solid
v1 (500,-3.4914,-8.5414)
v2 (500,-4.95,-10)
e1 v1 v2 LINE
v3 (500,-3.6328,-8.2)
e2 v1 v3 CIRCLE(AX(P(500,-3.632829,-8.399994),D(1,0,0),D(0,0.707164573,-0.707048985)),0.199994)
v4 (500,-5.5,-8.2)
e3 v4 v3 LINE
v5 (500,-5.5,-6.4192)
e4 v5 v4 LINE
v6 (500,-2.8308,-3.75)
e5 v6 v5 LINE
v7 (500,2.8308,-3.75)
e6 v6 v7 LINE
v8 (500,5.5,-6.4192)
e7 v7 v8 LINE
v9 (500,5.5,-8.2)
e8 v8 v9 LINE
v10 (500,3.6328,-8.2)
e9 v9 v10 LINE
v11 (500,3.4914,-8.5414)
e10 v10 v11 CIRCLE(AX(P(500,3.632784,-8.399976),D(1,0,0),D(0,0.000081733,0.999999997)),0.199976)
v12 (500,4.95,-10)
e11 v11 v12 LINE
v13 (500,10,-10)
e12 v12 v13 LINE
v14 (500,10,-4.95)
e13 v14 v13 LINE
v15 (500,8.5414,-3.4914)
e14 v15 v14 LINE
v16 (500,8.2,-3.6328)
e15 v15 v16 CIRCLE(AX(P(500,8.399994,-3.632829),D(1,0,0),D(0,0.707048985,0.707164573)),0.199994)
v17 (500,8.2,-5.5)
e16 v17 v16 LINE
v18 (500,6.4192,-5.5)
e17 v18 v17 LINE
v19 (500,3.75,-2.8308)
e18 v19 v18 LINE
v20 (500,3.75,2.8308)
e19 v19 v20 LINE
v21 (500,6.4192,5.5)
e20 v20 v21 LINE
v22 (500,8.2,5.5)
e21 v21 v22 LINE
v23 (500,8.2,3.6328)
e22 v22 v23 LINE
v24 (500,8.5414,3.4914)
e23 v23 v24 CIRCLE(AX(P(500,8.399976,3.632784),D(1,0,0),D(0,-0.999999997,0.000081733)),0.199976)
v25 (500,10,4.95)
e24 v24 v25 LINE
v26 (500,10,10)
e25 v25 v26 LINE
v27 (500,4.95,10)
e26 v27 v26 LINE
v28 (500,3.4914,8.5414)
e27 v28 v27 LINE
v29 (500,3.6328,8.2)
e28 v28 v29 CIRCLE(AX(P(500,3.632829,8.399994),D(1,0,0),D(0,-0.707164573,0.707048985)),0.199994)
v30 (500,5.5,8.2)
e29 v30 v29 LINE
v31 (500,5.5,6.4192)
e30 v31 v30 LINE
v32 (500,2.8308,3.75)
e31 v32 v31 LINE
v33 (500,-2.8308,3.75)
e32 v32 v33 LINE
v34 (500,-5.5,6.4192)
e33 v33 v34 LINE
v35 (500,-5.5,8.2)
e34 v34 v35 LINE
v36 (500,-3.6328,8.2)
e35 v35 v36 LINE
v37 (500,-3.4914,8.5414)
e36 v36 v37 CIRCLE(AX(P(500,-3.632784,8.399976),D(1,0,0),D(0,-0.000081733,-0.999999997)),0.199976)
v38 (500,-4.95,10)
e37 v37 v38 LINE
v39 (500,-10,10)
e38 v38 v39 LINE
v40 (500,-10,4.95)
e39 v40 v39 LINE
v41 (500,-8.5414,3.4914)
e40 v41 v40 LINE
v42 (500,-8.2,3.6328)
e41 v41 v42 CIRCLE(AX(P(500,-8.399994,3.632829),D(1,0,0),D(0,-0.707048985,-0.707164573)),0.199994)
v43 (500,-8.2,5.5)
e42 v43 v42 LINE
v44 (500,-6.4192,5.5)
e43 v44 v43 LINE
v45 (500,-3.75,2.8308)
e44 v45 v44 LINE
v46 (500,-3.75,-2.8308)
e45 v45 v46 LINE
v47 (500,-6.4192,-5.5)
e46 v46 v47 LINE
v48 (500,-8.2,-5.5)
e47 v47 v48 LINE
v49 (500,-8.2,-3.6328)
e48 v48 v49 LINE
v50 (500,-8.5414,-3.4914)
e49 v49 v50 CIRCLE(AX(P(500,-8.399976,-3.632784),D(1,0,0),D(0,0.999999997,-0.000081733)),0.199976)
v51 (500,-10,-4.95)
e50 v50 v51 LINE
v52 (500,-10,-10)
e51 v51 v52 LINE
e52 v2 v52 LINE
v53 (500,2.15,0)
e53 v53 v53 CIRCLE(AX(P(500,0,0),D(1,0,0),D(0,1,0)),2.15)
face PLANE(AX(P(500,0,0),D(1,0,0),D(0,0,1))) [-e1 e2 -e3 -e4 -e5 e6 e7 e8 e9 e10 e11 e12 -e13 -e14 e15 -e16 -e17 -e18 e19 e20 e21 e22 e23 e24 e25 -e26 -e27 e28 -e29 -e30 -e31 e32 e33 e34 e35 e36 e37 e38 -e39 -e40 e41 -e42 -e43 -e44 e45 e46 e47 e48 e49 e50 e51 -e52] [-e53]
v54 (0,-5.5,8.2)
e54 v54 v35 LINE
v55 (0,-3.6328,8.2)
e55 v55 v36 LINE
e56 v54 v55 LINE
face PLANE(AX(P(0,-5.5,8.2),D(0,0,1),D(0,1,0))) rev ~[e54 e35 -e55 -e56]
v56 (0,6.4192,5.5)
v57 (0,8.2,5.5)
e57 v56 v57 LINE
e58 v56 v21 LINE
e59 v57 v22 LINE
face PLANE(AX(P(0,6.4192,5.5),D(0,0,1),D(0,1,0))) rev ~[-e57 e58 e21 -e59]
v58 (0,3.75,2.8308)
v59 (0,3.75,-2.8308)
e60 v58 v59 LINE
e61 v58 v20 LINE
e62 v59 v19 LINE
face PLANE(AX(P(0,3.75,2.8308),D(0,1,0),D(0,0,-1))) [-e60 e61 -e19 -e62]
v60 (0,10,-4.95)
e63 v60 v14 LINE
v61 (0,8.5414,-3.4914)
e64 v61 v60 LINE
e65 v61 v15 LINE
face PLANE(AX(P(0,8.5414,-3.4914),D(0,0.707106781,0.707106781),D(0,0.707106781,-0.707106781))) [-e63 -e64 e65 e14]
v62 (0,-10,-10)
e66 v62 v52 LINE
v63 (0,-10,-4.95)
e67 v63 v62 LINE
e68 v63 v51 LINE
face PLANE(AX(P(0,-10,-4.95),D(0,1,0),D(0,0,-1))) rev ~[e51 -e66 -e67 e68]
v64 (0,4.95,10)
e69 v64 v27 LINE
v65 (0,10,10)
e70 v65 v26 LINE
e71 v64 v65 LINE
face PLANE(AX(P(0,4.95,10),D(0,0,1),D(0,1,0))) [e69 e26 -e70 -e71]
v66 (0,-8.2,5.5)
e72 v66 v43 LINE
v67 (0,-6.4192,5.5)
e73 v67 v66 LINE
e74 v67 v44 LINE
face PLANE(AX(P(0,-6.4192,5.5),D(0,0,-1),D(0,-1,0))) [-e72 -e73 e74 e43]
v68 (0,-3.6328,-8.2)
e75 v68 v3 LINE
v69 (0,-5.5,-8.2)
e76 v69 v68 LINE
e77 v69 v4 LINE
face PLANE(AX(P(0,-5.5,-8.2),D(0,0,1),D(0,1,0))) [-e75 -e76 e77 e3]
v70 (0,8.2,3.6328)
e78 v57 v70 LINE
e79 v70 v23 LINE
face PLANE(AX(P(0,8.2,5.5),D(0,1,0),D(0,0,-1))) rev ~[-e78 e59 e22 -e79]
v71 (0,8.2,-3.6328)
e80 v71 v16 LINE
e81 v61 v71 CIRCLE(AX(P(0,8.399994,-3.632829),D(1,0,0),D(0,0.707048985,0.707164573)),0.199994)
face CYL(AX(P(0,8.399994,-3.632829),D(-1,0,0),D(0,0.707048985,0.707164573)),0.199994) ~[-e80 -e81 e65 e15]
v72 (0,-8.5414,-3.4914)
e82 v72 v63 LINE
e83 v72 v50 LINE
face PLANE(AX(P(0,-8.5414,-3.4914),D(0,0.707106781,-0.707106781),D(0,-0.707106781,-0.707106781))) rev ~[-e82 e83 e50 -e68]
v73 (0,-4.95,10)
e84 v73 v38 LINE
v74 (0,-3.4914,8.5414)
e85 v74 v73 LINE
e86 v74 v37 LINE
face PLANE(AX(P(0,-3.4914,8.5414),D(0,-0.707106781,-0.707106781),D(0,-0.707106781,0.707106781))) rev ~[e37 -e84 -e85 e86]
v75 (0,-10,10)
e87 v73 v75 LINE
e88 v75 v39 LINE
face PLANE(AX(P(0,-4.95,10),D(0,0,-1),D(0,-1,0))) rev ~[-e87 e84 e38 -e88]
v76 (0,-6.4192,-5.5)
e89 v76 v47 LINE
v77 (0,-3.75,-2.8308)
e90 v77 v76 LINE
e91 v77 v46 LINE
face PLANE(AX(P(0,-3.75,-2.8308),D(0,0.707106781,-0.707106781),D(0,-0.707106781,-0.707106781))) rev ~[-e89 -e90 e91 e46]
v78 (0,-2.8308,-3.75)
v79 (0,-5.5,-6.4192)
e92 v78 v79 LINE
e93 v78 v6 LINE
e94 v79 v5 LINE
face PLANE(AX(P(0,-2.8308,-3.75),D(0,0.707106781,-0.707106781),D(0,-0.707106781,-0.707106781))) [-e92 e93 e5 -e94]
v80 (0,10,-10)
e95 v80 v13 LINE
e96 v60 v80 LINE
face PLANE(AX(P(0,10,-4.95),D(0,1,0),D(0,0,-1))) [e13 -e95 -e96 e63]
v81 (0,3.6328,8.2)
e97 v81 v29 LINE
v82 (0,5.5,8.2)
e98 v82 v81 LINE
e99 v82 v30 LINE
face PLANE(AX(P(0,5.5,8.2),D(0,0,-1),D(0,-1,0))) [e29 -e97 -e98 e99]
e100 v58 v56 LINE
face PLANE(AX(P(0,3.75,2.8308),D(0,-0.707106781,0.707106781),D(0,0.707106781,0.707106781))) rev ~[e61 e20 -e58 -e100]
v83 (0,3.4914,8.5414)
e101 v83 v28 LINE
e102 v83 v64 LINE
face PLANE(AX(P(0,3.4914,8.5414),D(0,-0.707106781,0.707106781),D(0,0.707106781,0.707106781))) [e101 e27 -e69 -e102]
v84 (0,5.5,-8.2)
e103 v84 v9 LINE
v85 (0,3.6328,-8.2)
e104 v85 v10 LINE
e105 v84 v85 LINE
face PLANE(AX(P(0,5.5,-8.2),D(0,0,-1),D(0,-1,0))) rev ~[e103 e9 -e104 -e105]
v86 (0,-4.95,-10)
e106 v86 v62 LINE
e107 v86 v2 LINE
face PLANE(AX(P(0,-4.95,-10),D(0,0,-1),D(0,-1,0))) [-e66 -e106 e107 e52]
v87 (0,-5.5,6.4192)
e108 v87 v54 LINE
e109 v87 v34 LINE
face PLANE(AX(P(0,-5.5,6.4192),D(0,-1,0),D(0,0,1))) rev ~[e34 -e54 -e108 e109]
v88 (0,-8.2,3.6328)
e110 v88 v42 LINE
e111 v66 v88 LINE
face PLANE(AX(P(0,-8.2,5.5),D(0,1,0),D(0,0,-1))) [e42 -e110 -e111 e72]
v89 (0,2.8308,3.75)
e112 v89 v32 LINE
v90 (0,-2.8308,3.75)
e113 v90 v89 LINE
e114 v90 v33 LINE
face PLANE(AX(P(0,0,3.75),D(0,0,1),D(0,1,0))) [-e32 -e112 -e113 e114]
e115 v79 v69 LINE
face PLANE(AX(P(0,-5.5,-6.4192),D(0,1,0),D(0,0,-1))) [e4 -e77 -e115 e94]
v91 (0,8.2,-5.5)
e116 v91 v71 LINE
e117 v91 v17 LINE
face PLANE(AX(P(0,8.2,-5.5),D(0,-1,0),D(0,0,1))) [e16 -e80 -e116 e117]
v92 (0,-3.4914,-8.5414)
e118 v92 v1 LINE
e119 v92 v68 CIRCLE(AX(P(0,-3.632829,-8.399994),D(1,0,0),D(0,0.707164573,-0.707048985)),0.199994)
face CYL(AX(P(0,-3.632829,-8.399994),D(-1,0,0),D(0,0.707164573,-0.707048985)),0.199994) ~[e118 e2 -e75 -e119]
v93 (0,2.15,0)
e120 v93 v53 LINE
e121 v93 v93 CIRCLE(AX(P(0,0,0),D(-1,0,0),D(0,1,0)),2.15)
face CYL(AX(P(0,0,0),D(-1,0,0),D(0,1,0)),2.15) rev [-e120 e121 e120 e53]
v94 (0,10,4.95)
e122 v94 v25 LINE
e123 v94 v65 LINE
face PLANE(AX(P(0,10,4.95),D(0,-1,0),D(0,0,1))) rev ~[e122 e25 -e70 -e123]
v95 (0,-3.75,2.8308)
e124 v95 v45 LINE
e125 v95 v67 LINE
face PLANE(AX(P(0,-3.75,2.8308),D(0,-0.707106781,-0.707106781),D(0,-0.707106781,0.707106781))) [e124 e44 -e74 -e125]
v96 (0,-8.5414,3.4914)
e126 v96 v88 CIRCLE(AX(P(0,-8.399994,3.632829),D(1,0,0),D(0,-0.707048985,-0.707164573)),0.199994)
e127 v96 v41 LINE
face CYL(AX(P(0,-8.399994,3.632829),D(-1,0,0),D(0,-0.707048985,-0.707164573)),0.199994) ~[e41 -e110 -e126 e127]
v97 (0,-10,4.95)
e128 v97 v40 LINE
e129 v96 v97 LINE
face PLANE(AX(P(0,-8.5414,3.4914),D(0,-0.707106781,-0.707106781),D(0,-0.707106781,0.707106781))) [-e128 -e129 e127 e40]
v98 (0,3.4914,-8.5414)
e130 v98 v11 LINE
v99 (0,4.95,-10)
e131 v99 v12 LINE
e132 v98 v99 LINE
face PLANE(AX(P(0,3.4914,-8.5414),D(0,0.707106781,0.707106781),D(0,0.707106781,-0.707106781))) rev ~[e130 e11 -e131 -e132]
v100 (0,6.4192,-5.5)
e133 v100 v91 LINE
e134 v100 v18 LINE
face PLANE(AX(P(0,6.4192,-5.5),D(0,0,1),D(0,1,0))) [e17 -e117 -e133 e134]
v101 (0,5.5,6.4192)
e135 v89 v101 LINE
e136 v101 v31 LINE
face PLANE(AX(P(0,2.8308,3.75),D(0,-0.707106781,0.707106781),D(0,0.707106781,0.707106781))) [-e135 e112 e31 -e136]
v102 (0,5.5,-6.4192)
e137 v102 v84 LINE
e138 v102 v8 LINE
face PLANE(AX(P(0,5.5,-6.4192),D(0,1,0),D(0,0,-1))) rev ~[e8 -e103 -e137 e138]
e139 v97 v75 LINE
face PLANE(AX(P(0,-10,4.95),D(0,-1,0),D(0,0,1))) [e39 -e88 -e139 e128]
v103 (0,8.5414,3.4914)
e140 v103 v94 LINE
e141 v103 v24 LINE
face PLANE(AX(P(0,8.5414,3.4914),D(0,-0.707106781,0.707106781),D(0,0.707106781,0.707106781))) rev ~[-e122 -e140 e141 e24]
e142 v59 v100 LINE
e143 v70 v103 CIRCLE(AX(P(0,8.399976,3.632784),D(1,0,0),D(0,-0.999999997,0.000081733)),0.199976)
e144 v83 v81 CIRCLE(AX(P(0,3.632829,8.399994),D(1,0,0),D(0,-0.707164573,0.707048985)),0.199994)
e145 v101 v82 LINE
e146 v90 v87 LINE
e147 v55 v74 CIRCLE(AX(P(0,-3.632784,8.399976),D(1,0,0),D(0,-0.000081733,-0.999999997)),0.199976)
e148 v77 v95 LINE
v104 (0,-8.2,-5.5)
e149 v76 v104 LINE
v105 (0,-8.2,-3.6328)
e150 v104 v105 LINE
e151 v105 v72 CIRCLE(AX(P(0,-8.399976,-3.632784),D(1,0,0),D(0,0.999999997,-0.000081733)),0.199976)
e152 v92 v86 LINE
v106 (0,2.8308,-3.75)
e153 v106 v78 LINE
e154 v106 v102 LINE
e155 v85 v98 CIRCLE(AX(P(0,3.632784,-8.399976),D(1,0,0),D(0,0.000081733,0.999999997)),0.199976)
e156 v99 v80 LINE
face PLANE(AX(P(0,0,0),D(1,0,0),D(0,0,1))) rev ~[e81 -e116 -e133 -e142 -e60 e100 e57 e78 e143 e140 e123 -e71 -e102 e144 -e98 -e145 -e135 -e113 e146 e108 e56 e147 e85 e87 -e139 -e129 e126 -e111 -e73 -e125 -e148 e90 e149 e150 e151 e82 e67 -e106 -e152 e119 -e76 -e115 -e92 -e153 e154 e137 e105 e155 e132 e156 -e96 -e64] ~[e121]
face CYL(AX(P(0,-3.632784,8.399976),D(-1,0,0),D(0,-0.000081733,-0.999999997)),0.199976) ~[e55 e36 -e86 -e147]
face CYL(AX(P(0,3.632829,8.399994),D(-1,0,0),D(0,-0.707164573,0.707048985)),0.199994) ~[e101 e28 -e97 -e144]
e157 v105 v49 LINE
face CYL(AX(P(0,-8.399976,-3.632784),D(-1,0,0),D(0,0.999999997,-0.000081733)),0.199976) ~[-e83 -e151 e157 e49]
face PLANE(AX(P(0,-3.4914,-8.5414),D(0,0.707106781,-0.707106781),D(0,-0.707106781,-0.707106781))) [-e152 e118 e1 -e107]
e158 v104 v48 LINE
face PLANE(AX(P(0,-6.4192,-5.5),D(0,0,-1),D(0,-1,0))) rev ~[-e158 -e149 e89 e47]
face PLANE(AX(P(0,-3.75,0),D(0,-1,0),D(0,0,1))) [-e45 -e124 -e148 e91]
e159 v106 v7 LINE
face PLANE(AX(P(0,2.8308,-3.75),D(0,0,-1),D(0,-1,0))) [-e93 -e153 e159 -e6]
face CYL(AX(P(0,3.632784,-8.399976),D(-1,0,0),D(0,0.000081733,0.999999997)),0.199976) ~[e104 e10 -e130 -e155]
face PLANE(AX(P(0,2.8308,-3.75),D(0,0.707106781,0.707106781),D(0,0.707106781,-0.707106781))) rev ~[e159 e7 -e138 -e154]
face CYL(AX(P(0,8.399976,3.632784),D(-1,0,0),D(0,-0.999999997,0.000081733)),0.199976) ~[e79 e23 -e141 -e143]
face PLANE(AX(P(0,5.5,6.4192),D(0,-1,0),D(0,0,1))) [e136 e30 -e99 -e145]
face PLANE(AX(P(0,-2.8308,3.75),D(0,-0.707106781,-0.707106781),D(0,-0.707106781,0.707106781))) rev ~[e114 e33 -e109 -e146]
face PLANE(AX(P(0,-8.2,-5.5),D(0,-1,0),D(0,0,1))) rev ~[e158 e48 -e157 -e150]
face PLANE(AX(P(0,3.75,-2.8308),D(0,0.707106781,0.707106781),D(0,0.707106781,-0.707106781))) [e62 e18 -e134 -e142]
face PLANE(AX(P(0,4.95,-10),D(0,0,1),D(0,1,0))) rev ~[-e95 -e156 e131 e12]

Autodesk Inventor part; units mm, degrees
ref_plane "YZ Plane" through (0, 0, 0) normal (1, 0, 0) x (0, 1, 0)
ref_plane "XZ Plane" through (0, 0, 0) normal (0, 1, 0) x (-1, 0, 0)
ref_plane "XY Plane" through (0, 0, 0) normal (0, 0, 1) x (1, 0, 0)
sketch "Sketch1" plane through (0, 0, 0) normal (1, 0, 0) x (0, 1, 0)
  arc A0 (0, -2.15) -> (2.15, 0) centre (0, 0) ccw
  line L0 (3.75, 0) -> (3.75, -2.8308)
  line L1 (2.8308, -3.75) -> (0, -3.75)
  line L2 (0, 0) -> (10, 0) construction
  line L3 (10, 0) -> (10, -10) construction
  line L4 (10, -10) -> (0, -10) construction
  line L5 (0, -10) -> (0, 0) construction
  line L6 (3.75, -2.8308) -> (6.4192, -5.5)
  line L7 (2.8308, -3.75) -> (5.5, -6.4192)
  line L8 (5.5, -6.4192) -> (5.5, -8.2)
  line L9 (5.5, -8.2) -> (3.15, -8.2)
  line L10 (0, 0) -> (5.5, 0) construction
  line L11 (5.5, 0) -> (5.5, -5.5) construction
  line L12 (5.5, -5.5) -> (0, -5.5) construction
  line L13 (0, -5.5) -> (0, 0) construction
  line L14 (6.4192, -5.5) -> (8.2, -5.5)
  line L15 (3.4914, -8.5414) -> (4.95, -10)
  line L16 (3.6328, -8.2) -> (5.6956, -8.2) construction
  line L17 (8.2, -5.5) -> (8.2, -3.6328)
  line L18 (8.5414, -3.4914) -> (10, -4.95)
  line L19 (10, -4.95) -> (10, -10)
  line L20 (4.95, -10) -> (10, -10)
  arc A1 (2.15, 0) -> (0, -2.15) centre (0, 0) ccw construction
  arc A2 (3.6328, -8.2) -> (3.4914, -8.5414) centre (3.6328, -8.4) ccw
  arc A3 (8.5414, -3.4914) -> (8.2, -3.6328) centre (8.4, -3.6328) ccw
  line L21 (3.75, 0) -> (2.15, 0)
  line L22 (0, -2.15) -> (0, -3.75)
  point P0 (8.2, -3.15)
  dimension "d0" = 4.3
  dimension "d1" = 3.75
  dimension "d2" = 3.75
  dimension "d5" = 10
  dimension "d6" = 10
  dimension "d10" = 5.5
  dimension "d11" = 5.5
  dimension "d12" = 1.8
  dimension "d14" = 1.3
  dimension "d15" = 45
  dimension "d16" = 3.15
  dimension "d17" = 45
  dimension "d18" = 3.15
  dimension "d19" = 1.8
  dimension "d20" = 0.2
extrude "Extrusion1" add sketch "Sketch1" along normal blind 500
pattern_circular "Circular Pattern1" count 4 over 360 about axis through (0, 0, 0) along (-1, 0, 0) of "Extrusion1"
equation "\"d2\" = d1"
equation "\"d18\" = d16"
equation "\"d19\" = d12"
properties part number "VSlot Extrusion 20x20x650mm"
